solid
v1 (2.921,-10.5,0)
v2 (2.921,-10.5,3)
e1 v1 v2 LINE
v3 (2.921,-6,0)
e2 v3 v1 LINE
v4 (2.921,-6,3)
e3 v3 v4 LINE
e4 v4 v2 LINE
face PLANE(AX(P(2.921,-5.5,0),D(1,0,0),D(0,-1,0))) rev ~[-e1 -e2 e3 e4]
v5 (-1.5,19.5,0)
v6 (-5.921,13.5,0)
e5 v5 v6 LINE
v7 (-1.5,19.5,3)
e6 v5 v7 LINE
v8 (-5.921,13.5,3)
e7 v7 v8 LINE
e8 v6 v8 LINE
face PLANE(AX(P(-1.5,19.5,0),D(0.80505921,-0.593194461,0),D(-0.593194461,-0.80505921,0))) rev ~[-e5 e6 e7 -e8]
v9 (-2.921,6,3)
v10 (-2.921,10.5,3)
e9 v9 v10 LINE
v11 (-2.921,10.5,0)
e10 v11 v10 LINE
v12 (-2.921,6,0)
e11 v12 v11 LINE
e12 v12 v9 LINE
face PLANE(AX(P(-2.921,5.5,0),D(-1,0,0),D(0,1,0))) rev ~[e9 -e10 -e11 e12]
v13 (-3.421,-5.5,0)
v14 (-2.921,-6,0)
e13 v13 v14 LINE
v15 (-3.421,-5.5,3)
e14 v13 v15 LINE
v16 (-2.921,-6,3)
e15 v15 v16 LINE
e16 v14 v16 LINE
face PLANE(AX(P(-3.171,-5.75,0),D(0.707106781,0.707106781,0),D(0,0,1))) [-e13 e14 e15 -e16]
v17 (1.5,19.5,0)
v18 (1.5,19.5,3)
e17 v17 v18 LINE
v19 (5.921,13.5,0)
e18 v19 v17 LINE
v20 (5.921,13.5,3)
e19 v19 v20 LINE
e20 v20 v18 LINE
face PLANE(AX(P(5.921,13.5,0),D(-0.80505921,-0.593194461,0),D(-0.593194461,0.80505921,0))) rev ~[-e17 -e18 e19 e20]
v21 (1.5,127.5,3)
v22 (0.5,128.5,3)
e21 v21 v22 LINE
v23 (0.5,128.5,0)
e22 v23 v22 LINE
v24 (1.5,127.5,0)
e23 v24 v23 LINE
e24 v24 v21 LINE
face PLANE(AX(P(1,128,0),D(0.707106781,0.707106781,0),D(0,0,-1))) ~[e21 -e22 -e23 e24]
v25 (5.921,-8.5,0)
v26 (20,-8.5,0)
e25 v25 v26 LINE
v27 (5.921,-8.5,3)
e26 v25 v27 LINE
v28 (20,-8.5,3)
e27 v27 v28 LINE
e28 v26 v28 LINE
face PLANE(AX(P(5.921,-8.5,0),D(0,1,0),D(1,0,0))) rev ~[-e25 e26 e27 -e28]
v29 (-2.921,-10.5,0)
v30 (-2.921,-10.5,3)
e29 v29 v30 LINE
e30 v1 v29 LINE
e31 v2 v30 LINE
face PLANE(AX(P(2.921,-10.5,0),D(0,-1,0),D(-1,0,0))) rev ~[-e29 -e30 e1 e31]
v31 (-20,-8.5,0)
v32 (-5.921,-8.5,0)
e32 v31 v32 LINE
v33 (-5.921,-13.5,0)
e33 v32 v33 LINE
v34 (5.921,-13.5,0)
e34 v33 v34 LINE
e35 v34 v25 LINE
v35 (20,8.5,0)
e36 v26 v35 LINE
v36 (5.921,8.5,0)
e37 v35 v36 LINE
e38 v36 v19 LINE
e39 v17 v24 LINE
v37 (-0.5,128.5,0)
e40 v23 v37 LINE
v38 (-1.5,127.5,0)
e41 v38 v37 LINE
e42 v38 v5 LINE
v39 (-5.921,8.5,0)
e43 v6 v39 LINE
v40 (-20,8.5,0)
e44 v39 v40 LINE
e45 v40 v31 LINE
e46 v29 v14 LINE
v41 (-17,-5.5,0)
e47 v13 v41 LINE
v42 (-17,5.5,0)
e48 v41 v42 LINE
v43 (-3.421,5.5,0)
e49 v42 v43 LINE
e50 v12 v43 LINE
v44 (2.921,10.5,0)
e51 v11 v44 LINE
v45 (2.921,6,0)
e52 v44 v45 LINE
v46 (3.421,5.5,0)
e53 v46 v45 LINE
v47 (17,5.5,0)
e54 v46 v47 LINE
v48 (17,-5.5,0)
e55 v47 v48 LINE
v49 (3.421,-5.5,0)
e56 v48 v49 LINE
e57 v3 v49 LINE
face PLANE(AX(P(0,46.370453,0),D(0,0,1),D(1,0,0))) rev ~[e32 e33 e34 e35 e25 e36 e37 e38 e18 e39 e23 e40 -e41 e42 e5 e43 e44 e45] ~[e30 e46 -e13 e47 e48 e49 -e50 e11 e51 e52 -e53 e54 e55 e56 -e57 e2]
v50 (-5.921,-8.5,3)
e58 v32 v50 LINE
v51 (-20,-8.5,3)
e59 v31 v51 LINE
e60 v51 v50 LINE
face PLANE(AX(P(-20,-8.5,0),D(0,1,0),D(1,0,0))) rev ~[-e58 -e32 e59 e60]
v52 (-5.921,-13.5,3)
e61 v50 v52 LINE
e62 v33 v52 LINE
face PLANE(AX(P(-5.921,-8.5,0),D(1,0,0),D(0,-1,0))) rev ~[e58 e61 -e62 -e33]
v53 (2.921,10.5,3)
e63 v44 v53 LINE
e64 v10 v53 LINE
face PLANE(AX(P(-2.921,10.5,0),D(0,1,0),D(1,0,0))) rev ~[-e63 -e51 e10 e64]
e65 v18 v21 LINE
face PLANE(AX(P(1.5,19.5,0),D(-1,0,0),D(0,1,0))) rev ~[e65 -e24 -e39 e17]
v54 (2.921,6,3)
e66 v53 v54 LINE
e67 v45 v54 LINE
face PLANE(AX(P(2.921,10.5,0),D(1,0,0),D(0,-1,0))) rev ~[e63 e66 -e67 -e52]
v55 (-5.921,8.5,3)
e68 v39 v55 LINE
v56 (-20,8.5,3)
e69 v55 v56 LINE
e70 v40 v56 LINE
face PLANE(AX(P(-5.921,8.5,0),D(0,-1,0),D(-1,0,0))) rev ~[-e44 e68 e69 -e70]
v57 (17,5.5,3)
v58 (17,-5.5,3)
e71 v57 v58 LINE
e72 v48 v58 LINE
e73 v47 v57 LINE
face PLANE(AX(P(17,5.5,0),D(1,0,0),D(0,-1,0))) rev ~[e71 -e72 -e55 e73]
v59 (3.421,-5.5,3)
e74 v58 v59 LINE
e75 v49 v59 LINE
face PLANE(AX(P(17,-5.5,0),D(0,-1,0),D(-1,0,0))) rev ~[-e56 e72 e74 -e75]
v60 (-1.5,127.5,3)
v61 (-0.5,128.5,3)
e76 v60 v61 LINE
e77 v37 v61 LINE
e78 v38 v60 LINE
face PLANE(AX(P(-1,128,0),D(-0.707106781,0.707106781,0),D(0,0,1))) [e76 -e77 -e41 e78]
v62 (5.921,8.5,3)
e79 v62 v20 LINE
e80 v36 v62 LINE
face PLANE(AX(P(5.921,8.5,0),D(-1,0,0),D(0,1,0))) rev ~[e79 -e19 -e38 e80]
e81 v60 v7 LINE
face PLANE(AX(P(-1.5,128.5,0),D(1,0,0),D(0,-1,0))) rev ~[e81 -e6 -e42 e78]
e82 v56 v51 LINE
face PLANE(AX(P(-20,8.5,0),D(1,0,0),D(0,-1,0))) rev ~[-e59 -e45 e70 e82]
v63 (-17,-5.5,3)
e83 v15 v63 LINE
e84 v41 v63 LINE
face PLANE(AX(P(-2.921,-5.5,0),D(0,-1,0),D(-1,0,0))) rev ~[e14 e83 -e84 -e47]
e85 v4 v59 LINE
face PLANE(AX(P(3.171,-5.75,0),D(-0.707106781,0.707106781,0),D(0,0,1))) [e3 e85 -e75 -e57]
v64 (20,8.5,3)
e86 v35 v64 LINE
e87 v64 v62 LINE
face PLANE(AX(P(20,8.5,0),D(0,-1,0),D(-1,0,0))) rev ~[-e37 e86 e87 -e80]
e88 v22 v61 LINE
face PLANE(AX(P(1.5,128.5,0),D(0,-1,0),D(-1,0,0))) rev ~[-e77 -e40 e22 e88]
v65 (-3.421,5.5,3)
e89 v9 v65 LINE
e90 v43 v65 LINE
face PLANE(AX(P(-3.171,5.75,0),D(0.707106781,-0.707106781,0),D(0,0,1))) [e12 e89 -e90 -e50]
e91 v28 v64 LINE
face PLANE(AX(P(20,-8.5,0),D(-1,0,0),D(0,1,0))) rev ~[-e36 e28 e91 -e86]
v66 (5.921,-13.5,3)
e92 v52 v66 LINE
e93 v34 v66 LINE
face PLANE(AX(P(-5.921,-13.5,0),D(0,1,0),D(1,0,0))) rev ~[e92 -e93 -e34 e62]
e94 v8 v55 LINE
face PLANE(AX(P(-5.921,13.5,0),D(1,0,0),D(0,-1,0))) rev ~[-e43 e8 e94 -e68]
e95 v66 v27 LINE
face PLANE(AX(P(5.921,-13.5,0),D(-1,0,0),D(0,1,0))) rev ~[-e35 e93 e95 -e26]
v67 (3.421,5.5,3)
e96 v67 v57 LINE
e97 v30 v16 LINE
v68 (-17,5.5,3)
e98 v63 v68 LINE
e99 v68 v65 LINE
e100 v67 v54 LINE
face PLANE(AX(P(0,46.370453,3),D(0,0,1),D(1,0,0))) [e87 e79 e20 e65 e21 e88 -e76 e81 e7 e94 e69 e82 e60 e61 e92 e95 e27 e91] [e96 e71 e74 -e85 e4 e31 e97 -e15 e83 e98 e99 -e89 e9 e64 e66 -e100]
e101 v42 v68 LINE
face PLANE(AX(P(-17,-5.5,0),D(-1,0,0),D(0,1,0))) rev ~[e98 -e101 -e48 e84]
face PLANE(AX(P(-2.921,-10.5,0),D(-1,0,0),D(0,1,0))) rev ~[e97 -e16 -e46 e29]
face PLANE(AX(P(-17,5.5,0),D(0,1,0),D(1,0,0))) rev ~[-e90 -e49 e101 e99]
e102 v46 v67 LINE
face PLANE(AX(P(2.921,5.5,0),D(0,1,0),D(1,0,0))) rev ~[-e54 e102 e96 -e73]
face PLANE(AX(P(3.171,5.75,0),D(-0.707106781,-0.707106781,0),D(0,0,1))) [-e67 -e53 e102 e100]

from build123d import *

# Parameters (mm, degrees)
PAD_DEPTH       = 3
CHAMFER_SIZE    = 0.5
CHAMFER001_SIZE = 1


with BuildPart() as part:
    # Sketch → Pad (new body)
    with BuildSketch(Plane.XY):
        Polygon((-5.921, -13.5), (5.921, -13.5), (5.921, -8.5), (20, -8.5), (20, 8.5), (5.921, 8.5), (5.921, 13.5), (1.5, 19.5), (1.5, 128.5), (-1.5, 128.5), (-1.5, 19.5), (-5.921, 13.5), (-5.921, 8.5), (-20, 8.5), (-20, -8.5), (-5.921, -8.5), align=None)
        Polygon((2.921, -10.5), (-2.921, -10.5), (-2.921, -5.5), (-17, -5.5), (-17, 5.5), (-2.921, 5.5), (-2.921, 10.5), (2.921, 10.5), (2.921, 5.5), (17, 5.5), (17, -5.5), (2.921, -5.5), align=None, mode=Mode.SUBTRACT)
    extrude(amount=PAD_DEPTH)

    # Chamfer
    chamfer_edges = [part.edges().sort_by_distance(p)[0] for p in [
        (-2.921, 5.5, 1.5),
        (2.921, 5.5, 1.5),
        (-2.921, -5.5, 1.5),
        (2.921, -5.5, 1.5),
    ]]
    chamfer(chamfer_edges, length=CHAMFER_SIZE)

    # Chamfer001
    chamfer001_edges = [part.edges().sort_by_distance(p)[0] for p in [
        (1.5, 128.5, 1.5),
        (-1.5, 128.5, 1.5),
    ]]
    chamfer(chamfer001_edges, length=CHAMFER001_SIZE)


solid = part.part
